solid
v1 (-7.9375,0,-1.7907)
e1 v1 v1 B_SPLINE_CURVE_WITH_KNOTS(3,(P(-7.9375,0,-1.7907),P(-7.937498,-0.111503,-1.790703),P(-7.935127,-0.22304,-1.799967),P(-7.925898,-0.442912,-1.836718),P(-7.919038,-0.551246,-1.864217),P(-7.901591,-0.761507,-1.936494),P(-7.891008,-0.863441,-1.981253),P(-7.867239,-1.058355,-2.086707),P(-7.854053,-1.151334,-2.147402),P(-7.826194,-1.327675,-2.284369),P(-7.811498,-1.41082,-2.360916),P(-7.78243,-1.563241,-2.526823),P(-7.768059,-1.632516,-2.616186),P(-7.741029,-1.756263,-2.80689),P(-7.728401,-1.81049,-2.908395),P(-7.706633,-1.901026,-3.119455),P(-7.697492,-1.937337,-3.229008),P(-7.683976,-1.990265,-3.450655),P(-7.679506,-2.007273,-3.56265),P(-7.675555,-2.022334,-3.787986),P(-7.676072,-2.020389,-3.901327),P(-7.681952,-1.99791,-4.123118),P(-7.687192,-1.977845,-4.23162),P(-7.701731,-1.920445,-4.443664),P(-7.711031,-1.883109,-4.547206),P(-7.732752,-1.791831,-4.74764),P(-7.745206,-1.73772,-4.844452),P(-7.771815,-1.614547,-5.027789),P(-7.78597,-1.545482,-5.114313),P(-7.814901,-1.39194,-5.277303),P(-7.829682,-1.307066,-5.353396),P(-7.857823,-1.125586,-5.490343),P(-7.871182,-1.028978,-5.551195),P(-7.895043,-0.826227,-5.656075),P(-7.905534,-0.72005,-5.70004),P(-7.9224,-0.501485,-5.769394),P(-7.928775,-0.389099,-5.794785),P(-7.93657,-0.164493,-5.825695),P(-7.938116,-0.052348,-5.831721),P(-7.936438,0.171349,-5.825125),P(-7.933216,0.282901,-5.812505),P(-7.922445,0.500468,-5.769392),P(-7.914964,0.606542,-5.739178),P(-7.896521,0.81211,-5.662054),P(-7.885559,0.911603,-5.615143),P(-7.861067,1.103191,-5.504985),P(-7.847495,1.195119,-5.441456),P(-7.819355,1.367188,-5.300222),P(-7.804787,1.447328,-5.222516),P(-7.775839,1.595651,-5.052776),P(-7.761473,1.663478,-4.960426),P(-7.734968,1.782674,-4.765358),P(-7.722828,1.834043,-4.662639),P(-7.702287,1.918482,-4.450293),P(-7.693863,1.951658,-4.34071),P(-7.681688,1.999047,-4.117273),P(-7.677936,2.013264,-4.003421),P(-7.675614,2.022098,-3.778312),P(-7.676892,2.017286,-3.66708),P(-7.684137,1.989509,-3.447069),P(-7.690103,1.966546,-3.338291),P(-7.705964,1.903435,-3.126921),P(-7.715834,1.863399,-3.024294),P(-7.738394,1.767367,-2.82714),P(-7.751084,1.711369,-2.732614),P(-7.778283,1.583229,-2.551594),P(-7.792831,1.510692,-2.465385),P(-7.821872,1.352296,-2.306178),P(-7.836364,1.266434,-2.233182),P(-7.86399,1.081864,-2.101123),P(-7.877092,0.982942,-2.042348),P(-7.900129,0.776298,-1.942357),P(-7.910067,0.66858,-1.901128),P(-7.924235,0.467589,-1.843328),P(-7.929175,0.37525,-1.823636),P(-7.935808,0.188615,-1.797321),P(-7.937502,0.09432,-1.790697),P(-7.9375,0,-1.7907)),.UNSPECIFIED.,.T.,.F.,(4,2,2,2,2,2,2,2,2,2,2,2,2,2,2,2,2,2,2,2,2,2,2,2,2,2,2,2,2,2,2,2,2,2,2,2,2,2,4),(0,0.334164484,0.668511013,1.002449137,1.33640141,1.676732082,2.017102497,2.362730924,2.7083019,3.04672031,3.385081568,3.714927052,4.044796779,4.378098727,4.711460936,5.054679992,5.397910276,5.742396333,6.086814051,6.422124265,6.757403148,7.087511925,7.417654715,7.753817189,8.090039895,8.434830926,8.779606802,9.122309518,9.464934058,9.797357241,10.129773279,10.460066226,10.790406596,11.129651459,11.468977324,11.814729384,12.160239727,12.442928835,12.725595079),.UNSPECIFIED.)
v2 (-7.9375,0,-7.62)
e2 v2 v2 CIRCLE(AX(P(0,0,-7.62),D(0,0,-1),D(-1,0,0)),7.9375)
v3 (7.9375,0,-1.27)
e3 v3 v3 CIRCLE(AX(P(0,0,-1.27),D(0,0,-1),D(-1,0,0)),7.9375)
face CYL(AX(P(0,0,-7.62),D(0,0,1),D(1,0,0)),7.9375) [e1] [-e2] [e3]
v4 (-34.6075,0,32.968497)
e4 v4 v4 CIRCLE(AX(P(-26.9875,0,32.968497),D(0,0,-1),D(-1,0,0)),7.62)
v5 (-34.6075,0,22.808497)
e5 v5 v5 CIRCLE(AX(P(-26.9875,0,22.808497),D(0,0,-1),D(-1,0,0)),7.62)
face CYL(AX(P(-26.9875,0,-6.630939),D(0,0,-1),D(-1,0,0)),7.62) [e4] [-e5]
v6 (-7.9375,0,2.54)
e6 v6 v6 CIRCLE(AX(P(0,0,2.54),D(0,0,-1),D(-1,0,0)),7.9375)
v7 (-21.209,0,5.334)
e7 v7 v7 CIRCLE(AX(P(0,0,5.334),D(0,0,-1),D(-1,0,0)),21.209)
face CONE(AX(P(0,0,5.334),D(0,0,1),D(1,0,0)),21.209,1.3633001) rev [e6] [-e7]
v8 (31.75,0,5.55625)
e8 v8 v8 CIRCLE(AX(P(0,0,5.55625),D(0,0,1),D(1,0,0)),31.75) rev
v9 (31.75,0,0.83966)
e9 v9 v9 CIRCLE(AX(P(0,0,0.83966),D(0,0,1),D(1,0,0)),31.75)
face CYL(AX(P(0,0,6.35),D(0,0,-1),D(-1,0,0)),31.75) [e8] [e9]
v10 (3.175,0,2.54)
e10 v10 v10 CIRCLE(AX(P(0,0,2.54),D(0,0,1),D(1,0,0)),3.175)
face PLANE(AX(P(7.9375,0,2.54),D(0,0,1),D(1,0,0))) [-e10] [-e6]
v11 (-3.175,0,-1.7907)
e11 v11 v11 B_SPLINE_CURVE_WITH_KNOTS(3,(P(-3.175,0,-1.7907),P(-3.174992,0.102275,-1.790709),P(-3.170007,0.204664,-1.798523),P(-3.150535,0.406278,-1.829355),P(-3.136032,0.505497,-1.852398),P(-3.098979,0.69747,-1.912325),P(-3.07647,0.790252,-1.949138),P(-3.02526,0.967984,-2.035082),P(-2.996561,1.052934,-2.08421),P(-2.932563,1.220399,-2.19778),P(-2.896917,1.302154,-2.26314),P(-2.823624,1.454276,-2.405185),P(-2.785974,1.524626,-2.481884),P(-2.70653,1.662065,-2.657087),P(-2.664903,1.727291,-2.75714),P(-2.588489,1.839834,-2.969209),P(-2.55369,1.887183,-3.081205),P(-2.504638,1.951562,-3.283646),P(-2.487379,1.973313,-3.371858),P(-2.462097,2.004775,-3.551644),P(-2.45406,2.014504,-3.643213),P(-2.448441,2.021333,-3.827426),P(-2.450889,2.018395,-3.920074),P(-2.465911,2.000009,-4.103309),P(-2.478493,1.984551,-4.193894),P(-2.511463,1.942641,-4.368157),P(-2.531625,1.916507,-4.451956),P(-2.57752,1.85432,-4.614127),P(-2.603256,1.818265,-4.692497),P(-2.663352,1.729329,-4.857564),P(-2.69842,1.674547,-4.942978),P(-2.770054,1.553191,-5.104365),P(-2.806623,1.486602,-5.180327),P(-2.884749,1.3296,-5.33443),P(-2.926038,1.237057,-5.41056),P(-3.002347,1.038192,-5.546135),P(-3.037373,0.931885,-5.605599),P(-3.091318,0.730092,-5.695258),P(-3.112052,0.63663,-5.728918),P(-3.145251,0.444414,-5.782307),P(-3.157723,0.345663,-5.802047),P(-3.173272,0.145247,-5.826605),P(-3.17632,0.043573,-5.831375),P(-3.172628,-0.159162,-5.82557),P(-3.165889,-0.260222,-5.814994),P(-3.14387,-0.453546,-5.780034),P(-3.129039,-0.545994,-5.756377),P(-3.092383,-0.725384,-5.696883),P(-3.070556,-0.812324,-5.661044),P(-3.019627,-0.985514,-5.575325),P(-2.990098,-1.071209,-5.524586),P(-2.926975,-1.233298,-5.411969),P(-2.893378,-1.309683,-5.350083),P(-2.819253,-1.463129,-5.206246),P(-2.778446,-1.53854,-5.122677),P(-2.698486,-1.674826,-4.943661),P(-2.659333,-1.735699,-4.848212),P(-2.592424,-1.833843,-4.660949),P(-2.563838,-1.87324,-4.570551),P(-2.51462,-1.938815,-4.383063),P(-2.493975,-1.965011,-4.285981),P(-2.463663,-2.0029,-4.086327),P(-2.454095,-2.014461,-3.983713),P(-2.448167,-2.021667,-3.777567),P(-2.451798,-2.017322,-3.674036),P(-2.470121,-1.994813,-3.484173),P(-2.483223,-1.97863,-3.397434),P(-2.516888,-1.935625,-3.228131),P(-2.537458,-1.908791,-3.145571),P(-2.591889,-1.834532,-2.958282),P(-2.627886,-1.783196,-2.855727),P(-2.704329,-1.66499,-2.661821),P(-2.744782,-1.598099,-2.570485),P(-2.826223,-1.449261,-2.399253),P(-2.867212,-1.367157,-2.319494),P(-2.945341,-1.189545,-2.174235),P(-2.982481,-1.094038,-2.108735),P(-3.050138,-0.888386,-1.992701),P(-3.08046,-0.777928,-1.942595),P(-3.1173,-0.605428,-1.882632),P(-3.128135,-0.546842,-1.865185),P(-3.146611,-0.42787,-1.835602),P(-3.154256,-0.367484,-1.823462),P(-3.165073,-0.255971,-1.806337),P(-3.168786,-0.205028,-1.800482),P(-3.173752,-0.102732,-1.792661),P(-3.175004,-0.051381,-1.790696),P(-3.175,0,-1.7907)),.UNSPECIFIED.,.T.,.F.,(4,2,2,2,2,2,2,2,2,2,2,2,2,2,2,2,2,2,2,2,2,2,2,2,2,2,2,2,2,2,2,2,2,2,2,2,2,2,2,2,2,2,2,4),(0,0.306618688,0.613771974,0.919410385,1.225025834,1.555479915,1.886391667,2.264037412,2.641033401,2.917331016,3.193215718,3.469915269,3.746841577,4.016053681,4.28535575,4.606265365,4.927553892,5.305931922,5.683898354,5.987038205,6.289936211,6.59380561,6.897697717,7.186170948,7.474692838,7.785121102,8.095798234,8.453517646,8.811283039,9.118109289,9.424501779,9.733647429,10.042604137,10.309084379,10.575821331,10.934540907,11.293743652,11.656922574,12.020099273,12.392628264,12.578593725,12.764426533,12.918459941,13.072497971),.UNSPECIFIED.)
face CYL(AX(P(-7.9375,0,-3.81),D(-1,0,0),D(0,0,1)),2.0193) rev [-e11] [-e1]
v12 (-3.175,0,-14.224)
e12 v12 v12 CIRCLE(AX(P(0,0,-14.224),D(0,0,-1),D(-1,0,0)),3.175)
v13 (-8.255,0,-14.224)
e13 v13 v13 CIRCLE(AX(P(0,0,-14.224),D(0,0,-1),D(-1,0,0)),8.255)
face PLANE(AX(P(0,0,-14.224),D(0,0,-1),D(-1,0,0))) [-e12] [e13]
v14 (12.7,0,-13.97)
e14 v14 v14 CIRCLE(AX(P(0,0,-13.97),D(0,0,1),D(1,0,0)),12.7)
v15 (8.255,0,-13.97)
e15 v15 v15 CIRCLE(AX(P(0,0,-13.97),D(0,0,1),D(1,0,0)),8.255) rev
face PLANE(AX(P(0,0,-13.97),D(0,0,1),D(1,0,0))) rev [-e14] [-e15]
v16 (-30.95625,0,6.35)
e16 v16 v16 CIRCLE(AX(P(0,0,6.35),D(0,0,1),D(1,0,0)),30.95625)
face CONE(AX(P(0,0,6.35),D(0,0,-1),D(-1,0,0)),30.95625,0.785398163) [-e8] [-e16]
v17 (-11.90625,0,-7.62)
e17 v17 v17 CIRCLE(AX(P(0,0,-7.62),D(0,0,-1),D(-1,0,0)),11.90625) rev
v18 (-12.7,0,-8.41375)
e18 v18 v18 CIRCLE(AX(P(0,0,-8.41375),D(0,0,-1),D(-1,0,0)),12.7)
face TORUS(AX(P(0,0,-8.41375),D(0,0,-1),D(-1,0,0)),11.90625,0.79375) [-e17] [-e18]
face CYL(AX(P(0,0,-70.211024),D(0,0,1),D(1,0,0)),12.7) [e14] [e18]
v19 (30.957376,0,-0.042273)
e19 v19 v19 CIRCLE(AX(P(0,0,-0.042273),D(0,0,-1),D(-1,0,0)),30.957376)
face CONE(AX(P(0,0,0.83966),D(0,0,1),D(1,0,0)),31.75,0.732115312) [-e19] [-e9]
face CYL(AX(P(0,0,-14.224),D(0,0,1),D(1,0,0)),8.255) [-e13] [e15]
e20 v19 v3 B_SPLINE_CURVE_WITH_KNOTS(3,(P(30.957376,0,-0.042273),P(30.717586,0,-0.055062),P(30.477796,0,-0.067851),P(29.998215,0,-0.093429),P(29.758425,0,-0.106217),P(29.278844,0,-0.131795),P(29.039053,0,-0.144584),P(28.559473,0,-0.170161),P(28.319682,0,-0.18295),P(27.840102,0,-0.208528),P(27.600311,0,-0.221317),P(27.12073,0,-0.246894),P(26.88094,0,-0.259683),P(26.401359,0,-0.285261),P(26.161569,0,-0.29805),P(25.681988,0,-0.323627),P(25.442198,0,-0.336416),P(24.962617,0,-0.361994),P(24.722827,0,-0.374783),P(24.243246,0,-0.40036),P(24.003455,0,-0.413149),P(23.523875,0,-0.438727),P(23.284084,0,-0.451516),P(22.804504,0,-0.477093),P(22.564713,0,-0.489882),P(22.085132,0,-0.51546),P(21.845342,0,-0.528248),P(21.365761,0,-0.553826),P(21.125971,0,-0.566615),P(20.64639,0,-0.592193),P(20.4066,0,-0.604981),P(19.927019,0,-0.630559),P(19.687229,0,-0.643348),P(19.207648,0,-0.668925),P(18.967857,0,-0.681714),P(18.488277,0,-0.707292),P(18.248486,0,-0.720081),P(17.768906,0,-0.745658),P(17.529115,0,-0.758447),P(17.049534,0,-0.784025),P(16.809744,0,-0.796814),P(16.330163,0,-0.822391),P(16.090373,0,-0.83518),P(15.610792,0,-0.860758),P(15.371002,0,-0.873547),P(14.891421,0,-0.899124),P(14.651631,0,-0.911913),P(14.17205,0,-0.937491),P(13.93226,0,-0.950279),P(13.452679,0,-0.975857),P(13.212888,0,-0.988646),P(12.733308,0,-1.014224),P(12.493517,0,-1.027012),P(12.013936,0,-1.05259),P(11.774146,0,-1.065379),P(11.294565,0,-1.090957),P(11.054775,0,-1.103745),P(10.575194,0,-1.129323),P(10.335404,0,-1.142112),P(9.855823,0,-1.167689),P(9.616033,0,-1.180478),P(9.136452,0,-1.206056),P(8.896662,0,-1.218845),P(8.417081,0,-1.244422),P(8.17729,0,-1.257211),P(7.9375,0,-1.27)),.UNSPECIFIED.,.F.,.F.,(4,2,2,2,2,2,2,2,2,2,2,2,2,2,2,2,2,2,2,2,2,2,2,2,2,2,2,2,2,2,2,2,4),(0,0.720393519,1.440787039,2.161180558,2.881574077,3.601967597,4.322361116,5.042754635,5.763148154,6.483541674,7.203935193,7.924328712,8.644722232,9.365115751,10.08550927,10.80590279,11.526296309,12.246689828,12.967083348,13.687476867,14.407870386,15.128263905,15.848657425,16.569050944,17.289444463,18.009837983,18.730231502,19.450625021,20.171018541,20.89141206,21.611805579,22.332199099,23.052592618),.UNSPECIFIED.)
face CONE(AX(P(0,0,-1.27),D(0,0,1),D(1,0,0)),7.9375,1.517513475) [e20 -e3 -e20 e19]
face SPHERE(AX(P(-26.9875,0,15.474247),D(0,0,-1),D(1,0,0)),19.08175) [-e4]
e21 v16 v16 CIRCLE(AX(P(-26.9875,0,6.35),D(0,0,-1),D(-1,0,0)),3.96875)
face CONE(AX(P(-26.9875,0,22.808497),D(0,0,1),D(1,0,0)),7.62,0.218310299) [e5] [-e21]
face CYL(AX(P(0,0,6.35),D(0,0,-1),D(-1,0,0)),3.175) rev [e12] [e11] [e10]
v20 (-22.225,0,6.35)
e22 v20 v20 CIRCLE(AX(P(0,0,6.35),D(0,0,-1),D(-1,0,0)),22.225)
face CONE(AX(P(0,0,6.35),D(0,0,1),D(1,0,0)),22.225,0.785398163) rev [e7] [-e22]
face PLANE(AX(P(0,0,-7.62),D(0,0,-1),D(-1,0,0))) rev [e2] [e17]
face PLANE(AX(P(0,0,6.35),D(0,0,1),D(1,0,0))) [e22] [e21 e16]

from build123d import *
from OCP.BRepFilletAPI import BRepFilletAPI_MakeChamfer

# Parameters (mm, degrees)
SKETCH1_R                   = 31.75
EXTRUDE1_DEPTH              = 6.35
SKETCH4_R                   = 7.9375
EXTRUDE2_DEPTH              = 6.35
SKETCH5_R                   = 12.7
EXTRUDE3_DEPTH              = 6.35
SKETCH6_R                   = 8.255
EXTRUDE4_DEPTH              = 0.254
SKETCH7_R                   = 3.175
EXTRUDE5_DEPTH              = 50.390428992
FILLET1_R                   = 0.79375
CHAMFER1_SIZE               = 0.79375
CHAMFER1_SIZE2              = 0.839659951
F_10_32_TAPPED_HOLE1_REACH  = 53.959
F_10_32_TAPPED_HOLE1_BORE_R = 2.0193
SKETCH12_R                  = 3.175
EXTRUDE6_DEPTH              = 27.94


with BuildPart() as part:
    # Sketch1 → Extrude1 (new body)
    with BuildSketch(Plane.XY):
        Circle(SKETCH1_R)
    extrude(amount=EXTRUDE1_DEPTH)

    # Sketch2 → Cut-Revolve4 (revolve, cut)
    with BuildSketch(Plane(origin=(0, 0, 0), x_dir=(1, 0, 0), z_dir=(0, 1, 0)), mode=Mode.PRIVATE) as cut_revolve4_sk:
        Polygon((22.225, -6.35), (21.209, -5.334), (7.9375, -2.54), (0, -2.54), (0, -6.35), align=None)
    revolve(cut_revolve4_sk.sketch.rotate(Axis((0, 0, 0), (0, 0, 1)), 180), axis=Axis((0, 0, 0), (0, 0, 1)), mode=Mode.SUBTRACT)

    # Sketch3 → Revolve1 (revolve)
    with BuildSketch(Plane(origin=(0, 0, 0), x_dir=(1, 0, 0), z_dir=(0, 1, 0)), mode=Mode.PRIVATE) as revolve1_sk:
        Polygon((-31.75, 0), (-7.9375, 1.27), (0, 1.27), (0, 0), align=None)
    revolve(revolve1_sk.sketch.rotate(Axis((0, 0, 0), (0, 0, -1)), 180), axis=Axis((0, 0, 0), (0, 0, -1)))

    # Sketch4 → Extrude2 (add)
    with BuildSketch(Plane(origin=(0, 0, -1.27), x_dir=(-1, 0, 0), z_dir=(0, 0, -1))):
        with Locations(Location((0, 0, 0), (0, 0, 180))):
            Circle(SKETCH4_R)
    extrude(amount=EXTRUDE2_DEPTH)

    # Sketch5 → Extrude3 (add)
    with BuildSketch(Plane(origin=(0, 0, -7.62), x_dir=(-1, 0, 0), z_dir=(0, 0, -1))):
        with Locations(Location((0, 0, 0), (0, 0, 180))):
            Circle(SKETCH5_R)
    extrude(amount=EXTRUDE3_DEPTH)

    # Sketch6 → Extrude4 (add)
    with BuildSketch(Plane(origin=(0, 0, -13.97), x_dir=(-1, 0, 0), z_dir=(0, 0, -1))):
        with Locations(Location((0, 0, 0), (0, 0, 180))):
            Circle(SKETCH6_R)
    extrude(amount=EXTRUDE4_DEPTH)

    # Sketch7 → Extrude5 (cut, through all)
    with BuildSketch(Plane(origin=(0, 0, -14.224), x_dir=(-1, 0, 0), z_dir=(0, 0, -1))):
        Circle(SKETCH7_R)
    extrude(amount=-EXTRUDE5_DEPTH, mode=Mode.SUBTRACT)

    # Fillet1
    fillet1_edges = [part.edges().sort_by_distance(p)[0] for p in [
        (-12.7, 0, -7.62),
    ]]
    fillet(fillet1_edges, radius=FILLET1_R)

    # Chamfer1: one chamfer whose edges measure the first distance from different faces: ONE call of the kernel's chamfer builder (chamfer() names one face for all edges)
    chamfer1_edges_1 = [part.edges().sort_by_distance(p)[0] for p in [
        (-31.75, 0, 6.35),
    ]]
    chamfer1_edges_2 = [part.edges().sort_by_distance(p)[0] for p in [
        (-31.75, 0, 0),
    ]]
    chamfer1_side_2 = [part.faces().sort_by_distance(p)[0] for p in [
        (-19.84375, 0, -0.635),
    ]]
    chamfer1 = BRepFilletAPI_MakeChamfer(part.part.solid().wrapped)
    for e in chamfer1_edges_1:
        chamfer1.Add(CHAMFER1_SIZE, e.wrapped)
    for e in chamfer1_edges_2:
        chamfer1.Add(CHAMFER1_SIZE, CHAMFER1_SIZE2, e.wrapped, chamfer1_side_2[0].wrapped)  # the first distance lies on this face
    add(Compound.cast(chamfer1.Shape()), mode=Mode.REPLACE)

    # #10-32 Tapped Hole1 bore → #10-32 Tapped Hole1 (cut, up to next)
    with BuildSketch(Plane(origin=(-7.9375, 0, -4.445), x_dir=(0, -1, 0), z_dir=(-1, 0, 0)), mode=Mode.PRIVATE) as f_10_32_tapped_hole1_sk1:
        with Locations((0, 0.635)):
            Circle(F_10_32_TAPPED_HOLE1_BORE_R)
    f_10_32_tapped_hole1_tool1 = extrude(f_10_32_tapped_hole1_sk1.sketch, amount=-F_10_32_TAPPED_HOLE1_REACH, mode=Mode.PRIVATE) & part.part
    add(f_10_32_tapped_hole1_tool1.solids().sort_by_distance((-7.9375, 0, -3.81))[0], mode=Mode.SUBTRACT)

    # Sketch12 → Extrude6 (add)
    with BuildSketch(Plane.XY.offset(6.35)):
        with Locations((-26.9875, 0)):
            Circle(SKETCH12_R)
    extrude(amount=EXTRUDE6_DEPTH)

    # Sketch13 → Revolve2 (revolve)
    with BuildSketch(Plane(origin=(0, 0, 0), x_dir=(1, 0, 0), z_dir=(0, 1, 0)), mode=Mode.PRIVATE) as revolve2_sk:
        with BuildLine():
            Line((-26.9875, -6.35), (-23.01875, -6.35))
            Line((-23.01875, -6.35), (-19.3675, -22.808497077))
            Line((-19.3675, -22.808497077), (-19.3675, -32.968497077))
            ThreePointArc((-19.3675, -32.968497077), (-23.095695912, -34.154906701), (-26.9875, -34.555997077))
            Line((-26.9875, -34.555997077), (-26.9875, -6.35))
        make_face()
    revolve(revolve2_sk.sketch.rotate(Axis((-26.9875, 0, -6.630939357), (0, 0, 1)), 180), axis=Axis((-26.9875, 0, -6.630939357), (0, 0, 1)))


solid = part.part
